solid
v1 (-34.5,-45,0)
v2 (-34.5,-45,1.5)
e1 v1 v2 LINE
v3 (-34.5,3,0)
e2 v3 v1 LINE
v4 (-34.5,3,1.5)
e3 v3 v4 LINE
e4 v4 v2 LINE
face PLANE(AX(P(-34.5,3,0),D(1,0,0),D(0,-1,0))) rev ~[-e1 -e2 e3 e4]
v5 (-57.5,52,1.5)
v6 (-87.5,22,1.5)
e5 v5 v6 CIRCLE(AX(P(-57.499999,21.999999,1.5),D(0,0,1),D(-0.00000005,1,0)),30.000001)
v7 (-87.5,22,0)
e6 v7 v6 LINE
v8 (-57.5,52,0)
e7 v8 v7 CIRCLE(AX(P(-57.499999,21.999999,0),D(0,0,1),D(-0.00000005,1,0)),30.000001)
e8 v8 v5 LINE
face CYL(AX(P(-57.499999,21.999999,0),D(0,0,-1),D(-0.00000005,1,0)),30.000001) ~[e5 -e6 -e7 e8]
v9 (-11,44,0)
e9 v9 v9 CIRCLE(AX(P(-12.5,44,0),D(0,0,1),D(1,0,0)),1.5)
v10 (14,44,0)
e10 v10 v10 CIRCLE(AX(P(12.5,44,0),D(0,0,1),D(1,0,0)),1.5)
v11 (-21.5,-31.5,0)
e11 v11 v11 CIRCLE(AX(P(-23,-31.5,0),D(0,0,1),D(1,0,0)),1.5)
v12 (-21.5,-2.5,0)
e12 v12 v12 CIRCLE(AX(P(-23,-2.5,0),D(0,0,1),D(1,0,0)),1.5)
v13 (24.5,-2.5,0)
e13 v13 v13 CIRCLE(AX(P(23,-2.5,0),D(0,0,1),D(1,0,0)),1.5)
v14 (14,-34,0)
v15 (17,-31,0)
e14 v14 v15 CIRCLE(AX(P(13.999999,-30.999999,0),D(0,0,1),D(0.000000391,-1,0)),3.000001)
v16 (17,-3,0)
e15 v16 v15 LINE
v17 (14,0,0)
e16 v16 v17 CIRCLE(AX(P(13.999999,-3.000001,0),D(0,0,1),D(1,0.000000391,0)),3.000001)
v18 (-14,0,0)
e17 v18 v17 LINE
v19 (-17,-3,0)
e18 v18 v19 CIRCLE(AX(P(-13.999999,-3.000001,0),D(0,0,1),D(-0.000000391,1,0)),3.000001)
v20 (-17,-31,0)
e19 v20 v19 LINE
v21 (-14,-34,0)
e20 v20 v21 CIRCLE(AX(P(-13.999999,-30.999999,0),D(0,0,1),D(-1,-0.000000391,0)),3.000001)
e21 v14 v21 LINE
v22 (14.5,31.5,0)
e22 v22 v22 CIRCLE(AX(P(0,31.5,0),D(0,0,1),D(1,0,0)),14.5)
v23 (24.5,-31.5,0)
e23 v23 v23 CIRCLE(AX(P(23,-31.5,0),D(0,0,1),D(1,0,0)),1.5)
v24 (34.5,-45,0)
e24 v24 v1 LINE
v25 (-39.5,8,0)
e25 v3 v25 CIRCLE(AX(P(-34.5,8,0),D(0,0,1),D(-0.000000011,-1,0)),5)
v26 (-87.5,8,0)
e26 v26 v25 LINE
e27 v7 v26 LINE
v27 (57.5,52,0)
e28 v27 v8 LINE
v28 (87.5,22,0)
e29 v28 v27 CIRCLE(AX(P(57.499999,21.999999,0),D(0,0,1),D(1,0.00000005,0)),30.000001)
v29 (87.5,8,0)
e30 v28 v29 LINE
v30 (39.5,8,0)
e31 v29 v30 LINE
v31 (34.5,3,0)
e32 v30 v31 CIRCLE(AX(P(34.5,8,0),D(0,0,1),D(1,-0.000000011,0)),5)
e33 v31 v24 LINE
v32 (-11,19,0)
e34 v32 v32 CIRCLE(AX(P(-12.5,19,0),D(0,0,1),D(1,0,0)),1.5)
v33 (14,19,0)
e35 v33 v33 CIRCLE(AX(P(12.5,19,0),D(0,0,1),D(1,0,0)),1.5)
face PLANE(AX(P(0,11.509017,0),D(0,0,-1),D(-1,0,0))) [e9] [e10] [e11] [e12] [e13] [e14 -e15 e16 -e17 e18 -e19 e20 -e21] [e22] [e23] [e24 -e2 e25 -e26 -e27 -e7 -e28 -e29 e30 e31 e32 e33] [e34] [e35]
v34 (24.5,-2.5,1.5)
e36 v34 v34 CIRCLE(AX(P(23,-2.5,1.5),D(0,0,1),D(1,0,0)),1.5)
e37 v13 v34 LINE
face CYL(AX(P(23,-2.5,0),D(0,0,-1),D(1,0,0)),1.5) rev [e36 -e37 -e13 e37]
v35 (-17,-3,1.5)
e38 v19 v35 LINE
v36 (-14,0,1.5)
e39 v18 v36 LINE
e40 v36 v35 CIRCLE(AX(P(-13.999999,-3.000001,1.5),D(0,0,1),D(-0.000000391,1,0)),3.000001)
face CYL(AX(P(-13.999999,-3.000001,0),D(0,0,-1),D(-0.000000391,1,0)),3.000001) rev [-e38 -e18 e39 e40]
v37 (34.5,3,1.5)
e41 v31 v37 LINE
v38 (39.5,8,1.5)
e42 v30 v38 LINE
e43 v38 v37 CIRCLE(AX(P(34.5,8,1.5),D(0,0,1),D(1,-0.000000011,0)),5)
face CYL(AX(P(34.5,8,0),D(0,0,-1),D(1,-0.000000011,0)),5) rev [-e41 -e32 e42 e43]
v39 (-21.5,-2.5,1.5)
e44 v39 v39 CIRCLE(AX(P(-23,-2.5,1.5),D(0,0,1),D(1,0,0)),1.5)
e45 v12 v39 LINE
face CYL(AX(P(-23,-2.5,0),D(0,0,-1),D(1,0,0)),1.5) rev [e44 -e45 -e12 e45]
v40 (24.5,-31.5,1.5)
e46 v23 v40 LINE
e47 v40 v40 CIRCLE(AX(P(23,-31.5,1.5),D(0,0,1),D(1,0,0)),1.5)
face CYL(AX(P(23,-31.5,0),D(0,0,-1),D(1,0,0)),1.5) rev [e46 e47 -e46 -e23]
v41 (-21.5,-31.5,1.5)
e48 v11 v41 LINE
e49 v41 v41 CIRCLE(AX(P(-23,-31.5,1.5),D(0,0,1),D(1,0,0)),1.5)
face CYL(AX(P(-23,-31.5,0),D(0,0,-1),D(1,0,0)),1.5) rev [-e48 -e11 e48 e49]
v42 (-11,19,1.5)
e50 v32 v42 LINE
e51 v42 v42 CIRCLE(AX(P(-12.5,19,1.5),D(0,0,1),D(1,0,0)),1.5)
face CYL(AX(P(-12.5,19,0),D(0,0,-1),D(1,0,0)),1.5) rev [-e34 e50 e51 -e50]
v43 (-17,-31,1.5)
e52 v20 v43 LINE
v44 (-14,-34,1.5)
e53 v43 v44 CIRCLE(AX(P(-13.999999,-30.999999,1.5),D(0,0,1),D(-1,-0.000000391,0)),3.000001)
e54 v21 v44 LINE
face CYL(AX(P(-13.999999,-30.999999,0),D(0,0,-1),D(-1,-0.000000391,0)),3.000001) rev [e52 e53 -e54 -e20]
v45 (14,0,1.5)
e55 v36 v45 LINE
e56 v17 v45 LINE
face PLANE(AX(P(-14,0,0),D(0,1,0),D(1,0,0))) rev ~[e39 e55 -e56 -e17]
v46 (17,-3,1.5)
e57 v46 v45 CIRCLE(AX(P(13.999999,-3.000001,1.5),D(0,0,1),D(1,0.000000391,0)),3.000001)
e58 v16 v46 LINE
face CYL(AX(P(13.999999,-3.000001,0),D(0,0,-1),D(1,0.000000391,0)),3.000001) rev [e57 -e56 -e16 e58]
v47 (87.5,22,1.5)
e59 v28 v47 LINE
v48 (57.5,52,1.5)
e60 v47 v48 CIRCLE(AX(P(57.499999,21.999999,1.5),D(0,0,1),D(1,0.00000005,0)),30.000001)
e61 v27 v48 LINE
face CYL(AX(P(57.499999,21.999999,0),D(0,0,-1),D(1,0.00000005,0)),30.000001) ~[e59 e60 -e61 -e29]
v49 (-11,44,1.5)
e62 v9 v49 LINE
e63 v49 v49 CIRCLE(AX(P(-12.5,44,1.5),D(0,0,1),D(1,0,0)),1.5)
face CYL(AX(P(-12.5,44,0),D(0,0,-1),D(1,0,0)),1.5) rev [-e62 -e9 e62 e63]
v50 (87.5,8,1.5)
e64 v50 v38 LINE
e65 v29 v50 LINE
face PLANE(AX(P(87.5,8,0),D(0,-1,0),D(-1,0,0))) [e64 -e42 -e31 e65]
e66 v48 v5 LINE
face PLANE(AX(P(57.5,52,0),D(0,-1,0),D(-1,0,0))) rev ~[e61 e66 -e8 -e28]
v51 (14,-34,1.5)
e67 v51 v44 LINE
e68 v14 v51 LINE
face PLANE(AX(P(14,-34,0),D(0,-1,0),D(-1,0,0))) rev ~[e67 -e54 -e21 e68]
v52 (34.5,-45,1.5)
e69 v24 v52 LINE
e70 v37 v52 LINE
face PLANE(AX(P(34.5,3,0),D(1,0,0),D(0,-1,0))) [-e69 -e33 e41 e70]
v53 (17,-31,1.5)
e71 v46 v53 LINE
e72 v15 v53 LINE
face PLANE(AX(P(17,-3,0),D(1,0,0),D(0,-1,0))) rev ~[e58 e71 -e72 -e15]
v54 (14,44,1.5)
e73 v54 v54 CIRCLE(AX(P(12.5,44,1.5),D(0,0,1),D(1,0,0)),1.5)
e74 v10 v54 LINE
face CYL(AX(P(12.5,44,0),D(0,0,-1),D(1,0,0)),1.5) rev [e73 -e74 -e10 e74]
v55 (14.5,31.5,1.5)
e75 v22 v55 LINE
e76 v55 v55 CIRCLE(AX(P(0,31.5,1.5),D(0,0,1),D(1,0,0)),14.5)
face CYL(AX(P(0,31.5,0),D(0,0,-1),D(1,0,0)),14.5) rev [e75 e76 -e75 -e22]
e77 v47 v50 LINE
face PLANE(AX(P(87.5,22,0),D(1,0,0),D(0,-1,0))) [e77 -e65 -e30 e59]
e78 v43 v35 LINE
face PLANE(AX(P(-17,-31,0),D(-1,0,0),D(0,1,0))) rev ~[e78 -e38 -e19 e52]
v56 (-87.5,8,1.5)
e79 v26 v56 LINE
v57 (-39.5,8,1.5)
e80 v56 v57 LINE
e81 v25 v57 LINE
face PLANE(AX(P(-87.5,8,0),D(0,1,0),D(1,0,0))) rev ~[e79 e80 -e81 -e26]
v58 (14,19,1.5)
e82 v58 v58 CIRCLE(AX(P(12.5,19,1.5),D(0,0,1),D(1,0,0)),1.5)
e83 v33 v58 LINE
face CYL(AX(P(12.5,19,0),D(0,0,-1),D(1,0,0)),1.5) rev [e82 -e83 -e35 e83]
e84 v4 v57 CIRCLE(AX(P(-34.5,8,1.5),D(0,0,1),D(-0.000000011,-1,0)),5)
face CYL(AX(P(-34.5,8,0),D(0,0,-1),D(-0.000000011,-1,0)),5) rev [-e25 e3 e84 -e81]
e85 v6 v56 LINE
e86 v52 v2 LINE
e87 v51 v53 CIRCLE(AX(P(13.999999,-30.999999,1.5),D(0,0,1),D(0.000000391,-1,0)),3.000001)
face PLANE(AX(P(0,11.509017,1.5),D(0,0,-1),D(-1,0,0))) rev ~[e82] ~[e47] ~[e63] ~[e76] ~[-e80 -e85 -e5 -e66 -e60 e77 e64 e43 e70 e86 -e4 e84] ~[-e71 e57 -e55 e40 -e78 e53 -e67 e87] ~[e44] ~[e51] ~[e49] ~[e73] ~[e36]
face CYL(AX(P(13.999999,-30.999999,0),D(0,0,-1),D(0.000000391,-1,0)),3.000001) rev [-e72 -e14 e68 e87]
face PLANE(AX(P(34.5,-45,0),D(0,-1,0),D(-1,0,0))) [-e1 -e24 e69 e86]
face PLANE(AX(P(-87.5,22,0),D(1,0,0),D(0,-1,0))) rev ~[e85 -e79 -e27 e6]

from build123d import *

# Parameters (mm, degrees)
SKETCH_R   = 1.5
SKETCH_R_2 = 14.5
PAD_DEPTH  = 1.5


with BuildPart() as part:
    # Sketch → Pad (new body)
    with BuildSketch(Plane.XY):
        with BuildLine():
            Line((34.5, -45), (-34.5, -45))
            Line((-34.5, 3), (-34.5, -45))
            ThreePointArc((-34.5, 3), (-30.964466, 11.535534), (-39.5, 8))
            Line((-87.5, 8), (-39.5, 8))
            Line((-87.5, 22), (-87.5, 8))
            ThreePointArc((-57.5, 52), (-78.713203, 43.213203), (-87.5, 22))
            Line((57.5, 52), (-57.5, 52))
            ThreePointArc((87.5, 22), (78.713203, 43.213203), (57.5, 52))
            Line((87.5, 22), (87.5, 8))
            Line((87.5, 8), (39.5, 8))
            ThreePointArc((39.5, 8), (30.964466, 11.535534), (34.5, 3))
            Line((34.5, 3), (34.5, -45))
        make_face()
        with Locations((23, -2.5)):
            Circle(SKETCH_R, mode=Mode.SUBTRACT)
        with Locations((23, -31.5)):
            Circle(SKETCH_R, mode=Mode.SUBTRACT)
        with Locations((-23, -2.5)):
            Circle(SKETCH_R, mode=Mode.SUBTRACT)
        with Locations((-23, -31.5)):
            Circle(SKETCH_R, mode=Mode.SUBTRACT)
        with Locations((0, 31.5)):
            Circle(SKETCH_R_2, mode=Mode.SUBTRACT)
        with Locations((-12.5, 44)):
            Circle(SKETCH_R, mode=Mode.SUBTRACT)
        with Locations((12.5, 44)):
            Circle(SKETCH_R, mode=Mode.SUBTRACT)
        with Locations((12.5, 19)):
            Circle(SKETCH_R, mode=Mode.SUBTRACT)
        with Locations((-12.5, 19)):
            Circle(SKETCH_R, mode=Mode.SUBTRACT)
        with BuildLine():
            Line((-14, 0), (14, 0))
            ThreePointArc((17, -3), (16.12132, -0.87868), (14, 0))
            Line((17, -3), (17, -31))
            ThreePointArc((14, -34), (16.12132, -33.12132), (17, -31))
            Line((14, -34), (-14, -34))
            ThreePointArc((-17, -31), (-16.12132, -33.12132), (-14, -34))
            Line((-17, -31), (-17, -3))
            ThreePointArc((-14, 0), (-16.12132, -0.87868), (-17, -3))
        make_face(mode=Mode.SUBTRACT)
    extrude(amount=PAD_DEPTH)


solid = part.part
